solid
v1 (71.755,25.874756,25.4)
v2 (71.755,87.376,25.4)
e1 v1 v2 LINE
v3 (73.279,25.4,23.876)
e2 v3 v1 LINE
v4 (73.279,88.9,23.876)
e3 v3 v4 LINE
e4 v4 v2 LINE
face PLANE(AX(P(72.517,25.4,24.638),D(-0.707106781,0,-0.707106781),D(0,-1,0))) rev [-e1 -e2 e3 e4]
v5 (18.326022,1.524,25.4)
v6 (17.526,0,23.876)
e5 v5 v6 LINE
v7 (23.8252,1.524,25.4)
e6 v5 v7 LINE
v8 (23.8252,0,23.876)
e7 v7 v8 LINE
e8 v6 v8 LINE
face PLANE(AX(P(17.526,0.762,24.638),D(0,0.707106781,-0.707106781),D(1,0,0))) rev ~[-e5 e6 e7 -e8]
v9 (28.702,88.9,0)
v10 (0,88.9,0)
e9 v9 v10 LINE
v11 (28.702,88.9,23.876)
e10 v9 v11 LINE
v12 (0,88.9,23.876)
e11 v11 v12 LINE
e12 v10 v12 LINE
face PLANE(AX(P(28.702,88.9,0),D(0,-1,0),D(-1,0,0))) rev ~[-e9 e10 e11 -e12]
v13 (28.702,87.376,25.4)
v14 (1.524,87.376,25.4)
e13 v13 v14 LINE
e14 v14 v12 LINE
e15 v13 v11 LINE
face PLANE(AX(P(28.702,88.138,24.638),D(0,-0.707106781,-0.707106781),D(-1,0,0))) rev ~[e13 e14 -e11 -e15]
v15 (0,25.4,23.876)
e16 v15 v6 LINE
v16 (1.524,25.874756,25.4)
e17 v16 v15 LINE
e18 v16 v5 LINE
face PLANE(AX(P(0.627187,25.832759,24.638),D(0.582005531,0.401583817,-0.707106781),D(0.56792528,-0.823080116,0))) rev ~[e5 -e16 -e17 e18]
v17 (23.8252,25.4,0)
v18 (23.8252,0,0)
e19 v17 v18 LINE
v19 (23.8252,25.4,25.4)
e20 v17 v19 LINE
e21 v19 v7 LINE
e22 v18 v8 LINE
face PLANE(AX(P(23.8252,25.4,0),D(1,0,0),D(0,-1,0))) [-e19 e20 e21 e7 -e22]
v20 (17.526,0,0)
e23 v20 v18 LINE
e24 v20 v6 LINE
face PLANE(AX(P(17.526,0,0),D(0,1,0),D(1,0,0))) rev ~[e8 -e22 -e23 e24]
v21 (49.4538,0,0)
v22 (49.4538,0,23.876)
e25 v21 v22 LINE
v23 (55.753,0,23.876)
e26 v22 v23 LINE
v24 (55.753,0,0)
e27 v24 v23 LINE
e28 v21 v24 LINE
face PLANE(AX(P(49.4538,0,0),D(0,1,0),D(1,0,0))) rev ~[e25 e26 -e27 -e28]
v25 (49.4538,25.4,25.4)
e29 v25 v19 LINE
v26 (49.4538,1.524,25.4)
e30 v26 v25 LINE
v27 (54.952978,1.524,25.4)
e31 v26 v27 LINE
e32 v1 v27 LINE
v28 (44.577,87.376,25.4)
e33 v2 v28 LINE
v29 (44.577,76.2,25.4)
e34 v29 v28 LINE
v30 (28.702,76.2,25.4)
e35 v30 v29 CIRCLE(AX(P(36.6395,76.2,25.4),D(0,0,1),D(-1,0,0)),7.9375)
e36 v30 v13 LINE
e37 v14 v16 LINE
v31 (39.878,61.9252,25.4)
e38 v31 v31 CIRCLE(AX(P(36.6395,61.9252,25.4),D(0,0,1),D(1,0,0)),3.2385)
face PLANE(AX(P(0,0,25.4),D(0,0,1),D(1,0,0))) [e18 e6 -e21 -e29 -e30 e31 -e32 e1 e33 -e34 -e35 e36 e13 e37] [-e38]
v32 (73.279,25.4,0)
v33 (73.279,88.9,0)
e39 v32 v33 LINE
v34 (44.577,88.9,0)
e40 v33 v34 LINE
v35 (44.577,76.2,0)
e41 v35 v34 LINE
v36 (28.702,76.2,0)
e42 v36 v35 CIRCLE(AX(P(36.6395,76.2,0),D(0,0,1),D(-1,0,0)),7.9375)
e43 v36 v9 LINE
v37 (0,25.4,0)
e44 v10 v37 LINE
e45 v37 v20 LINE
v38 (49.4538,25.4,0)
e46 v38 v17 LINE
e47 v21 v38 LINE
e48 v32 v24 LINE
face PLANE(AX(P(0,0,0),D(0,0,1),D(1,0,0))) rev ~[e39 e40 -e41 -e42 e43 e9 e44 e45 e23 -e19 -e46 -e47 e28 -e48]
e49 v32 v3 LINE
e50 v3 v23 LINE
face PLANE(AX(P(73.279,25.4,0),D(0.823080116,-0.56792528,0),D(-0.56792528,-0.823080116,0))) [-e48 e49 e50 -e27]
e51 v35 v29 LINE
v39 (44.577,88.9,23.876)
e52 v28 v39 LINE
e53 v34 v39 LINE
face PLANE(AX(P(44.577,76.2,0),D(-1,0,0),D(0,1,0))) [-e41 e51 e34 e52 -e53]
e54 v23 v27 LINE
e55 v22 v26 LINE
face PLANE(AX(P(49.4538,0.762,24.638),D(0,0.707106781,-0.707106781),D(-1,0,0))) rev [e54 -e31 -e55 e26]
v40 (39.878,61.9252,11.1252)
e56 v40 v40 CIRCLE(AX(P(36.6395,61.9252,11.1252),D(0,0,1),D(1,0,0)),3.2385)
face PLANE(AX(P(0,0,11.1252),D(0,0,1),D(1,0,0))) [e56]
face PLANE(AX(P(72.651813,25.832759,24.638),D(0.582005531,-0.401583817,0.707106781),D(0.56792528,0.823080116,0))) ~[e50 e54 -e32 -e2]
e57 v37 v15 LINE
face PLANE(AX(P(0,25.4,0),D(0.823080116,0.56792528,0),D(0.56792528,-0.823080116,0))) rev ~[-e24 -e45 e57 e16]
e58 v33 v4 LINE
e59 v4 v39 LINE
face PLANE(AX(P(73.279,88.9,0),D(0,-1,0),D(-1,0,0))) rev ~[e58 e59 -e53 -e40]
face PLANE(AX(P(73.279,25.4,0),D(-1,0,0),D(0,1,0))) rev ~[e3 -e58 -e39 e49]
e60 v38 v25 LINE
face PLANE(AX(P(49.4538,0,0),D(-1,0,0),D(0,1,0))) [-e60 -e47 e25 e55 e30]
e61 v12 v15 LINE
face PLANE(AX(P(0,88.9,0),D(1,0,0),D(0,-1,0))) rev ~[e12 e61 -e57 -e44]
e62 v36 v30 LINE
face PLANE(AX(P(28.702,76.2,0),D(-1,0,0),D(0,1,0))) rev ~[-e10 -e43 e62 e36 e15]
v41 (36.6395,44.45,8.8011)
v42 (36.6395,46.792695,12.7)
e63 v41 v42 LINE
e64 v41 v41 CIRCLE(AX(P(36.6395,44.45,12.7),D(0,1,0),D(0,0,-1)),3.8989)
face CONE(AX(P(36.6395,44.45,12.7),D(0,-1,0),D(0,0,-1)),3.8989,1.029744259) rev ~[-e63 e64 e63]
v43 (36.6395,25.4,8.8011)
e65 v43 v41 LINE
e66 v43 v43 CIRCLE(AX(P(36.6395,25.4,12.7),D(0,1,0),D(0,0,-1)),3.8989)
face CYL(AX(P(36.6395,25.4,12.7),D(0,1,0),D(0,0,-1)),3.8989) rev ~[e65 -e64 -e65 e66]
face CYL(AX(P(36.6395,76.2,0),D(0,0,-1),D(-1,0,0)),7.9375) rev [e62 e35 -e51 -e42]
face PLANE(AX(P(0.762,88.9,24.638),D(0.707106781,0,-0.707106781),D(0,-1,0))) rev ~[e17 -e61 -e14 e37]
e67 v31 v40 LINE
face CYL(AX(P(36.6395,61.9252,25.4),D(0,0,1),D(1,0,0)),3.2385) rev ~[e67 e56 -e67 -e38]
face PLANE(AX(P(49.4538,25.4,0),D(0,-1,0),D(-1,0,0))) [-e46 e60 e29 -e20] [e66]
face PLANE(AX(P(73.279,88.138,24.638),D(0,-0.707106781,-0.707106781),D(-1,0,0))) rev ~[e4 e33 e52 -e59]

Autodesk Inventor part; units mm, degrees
ref_plane "YZ Plane" through (0, 0, 0) normal (1, 0, 0) x (0, 1, 0)
ref_plane "XZ Plane" through (0, 0, 0) normal (0, 1, 0) x (-1, 0, 0)
ref_plane "XY Plane" through (0, 0, 0) normal (0, 0, 1) x (1, 0, 0)
sketch "Sketch1" plane through (0, 0, 0) normal (0, 0, 1) x (1, 0, 0)
  line L0 (73.279, 0) -> (73.279, 88.9)
  line L1 (0, 88.9) -> (0, 0)
  arc A0 (28.702, 76.2) -> (44.577, 76.2) centre (36.6395, 76.2) ccw
  line L2 (28.702, 76.2) -> (28.702, 88.9)
  line L3 (44.577, 76.2) -> (44.577, 88.9)
  line L4 (73.279, 88.9) -> (44.577, 88.9)
  line L5 (28.702, 88.9) -> (0, 88.9)
  line L6 (23.8252, 0) -> (49.4538, 0)
  line L7 (49.4538, 0) -> (49.4538, 25.4)
  line L8 (49.4538, 25.4) -> (23.8252, 25.4)
  line L9 (23.8252, 25.4) -> (23.8252, 0)
  line L10 (0, 25.4) -> (17.526, 0)
  line L11 (73.279, 25.4) -> (55.753, 0)
  line L12 (0, 0) -> (23.8252, 0)
  line L13 (49.4538, 0) -> (73.279, 0)
  dimension "d0" = 73.279
  dimension "d1" = 88.9
  dimension "d2" = 15.875
  dimension "d4" = 25.6286
  dimension "d5" = 63.5
  dimension "d6" = 23.8252
  dimension "d7" = 17.526
  dimension "d8" = 17.526
extrude "Extrusion1" add sketch "Sketch1" along normal blind 25.4 contours L11 L13 L7 L8 L9 L12 L10 L1 L5 L2 A0 L3 L4 L0
sketch "Sketch2" plane through (0, 0, 25.4) normal (0, 0, 1) x (1, 0, 0)
  circle A0 centre (36.6395, 61.9252) radius 3.2385
  line L0 (73.279, 25.4) -> (73.279, 88.9) projected
  line L1 (0, 88.9) -> (0, 25.4) projected
  line L2 (73.279, 88.9) -> (44.577, 88.9) projected
  point P0 (0, 0)
  dimension "d12" = 73.279
  dimension "d13" = 36.6395
  dimension "d14" = 6.477
  dimension "d15" = 26.9748
extrude "Extrusion2" cut sketch "Sketch2" against normal blind 14.2748
sketch "Sketch3" plane through (23.8252, 25.4, 0) normal (0, -1, 0) x (1, 0, 0)
  line L0 (0, 25.4) -> (25.6286, 25.4) projected
  line L1 (25.6286, 0) -> (25.6286, 25.4) projected
  point P0 (-23.8252, 0)
  point P1 (12.8143, 12.7)
  dimension "d18" = 12.7
  dimension "d19" = 12.8143
  dimension "d20" = 25.6286
hole "Hole1" at (36.6395, 25.4, 12.7) direction (0, 1, 0) diameter 7.7978 depth 19.05 tip angle 118 thread size "3/8-16 UNC" class "2B" standard "ANSI Unified Screw Threads"
chamfer "Chamfer1" distance 1.524 angle 45 8 edges at (14.351, 88.9, 25.4) (0, 57.15, 25.4) (8.763, 12.7, 25.4) (20.6756, 0, 25.4) (52.6034, 0, 25.4) (64.516, 12.7, 25.4) (73.279, 57.15, 25.4) (58.928, 88.9, 25.4)
equation "\"d13\" = 0.5 * d12"
equation "\"d19\" = 0.5 * d20"
properties part number "Base" material "Stainless Steel"
